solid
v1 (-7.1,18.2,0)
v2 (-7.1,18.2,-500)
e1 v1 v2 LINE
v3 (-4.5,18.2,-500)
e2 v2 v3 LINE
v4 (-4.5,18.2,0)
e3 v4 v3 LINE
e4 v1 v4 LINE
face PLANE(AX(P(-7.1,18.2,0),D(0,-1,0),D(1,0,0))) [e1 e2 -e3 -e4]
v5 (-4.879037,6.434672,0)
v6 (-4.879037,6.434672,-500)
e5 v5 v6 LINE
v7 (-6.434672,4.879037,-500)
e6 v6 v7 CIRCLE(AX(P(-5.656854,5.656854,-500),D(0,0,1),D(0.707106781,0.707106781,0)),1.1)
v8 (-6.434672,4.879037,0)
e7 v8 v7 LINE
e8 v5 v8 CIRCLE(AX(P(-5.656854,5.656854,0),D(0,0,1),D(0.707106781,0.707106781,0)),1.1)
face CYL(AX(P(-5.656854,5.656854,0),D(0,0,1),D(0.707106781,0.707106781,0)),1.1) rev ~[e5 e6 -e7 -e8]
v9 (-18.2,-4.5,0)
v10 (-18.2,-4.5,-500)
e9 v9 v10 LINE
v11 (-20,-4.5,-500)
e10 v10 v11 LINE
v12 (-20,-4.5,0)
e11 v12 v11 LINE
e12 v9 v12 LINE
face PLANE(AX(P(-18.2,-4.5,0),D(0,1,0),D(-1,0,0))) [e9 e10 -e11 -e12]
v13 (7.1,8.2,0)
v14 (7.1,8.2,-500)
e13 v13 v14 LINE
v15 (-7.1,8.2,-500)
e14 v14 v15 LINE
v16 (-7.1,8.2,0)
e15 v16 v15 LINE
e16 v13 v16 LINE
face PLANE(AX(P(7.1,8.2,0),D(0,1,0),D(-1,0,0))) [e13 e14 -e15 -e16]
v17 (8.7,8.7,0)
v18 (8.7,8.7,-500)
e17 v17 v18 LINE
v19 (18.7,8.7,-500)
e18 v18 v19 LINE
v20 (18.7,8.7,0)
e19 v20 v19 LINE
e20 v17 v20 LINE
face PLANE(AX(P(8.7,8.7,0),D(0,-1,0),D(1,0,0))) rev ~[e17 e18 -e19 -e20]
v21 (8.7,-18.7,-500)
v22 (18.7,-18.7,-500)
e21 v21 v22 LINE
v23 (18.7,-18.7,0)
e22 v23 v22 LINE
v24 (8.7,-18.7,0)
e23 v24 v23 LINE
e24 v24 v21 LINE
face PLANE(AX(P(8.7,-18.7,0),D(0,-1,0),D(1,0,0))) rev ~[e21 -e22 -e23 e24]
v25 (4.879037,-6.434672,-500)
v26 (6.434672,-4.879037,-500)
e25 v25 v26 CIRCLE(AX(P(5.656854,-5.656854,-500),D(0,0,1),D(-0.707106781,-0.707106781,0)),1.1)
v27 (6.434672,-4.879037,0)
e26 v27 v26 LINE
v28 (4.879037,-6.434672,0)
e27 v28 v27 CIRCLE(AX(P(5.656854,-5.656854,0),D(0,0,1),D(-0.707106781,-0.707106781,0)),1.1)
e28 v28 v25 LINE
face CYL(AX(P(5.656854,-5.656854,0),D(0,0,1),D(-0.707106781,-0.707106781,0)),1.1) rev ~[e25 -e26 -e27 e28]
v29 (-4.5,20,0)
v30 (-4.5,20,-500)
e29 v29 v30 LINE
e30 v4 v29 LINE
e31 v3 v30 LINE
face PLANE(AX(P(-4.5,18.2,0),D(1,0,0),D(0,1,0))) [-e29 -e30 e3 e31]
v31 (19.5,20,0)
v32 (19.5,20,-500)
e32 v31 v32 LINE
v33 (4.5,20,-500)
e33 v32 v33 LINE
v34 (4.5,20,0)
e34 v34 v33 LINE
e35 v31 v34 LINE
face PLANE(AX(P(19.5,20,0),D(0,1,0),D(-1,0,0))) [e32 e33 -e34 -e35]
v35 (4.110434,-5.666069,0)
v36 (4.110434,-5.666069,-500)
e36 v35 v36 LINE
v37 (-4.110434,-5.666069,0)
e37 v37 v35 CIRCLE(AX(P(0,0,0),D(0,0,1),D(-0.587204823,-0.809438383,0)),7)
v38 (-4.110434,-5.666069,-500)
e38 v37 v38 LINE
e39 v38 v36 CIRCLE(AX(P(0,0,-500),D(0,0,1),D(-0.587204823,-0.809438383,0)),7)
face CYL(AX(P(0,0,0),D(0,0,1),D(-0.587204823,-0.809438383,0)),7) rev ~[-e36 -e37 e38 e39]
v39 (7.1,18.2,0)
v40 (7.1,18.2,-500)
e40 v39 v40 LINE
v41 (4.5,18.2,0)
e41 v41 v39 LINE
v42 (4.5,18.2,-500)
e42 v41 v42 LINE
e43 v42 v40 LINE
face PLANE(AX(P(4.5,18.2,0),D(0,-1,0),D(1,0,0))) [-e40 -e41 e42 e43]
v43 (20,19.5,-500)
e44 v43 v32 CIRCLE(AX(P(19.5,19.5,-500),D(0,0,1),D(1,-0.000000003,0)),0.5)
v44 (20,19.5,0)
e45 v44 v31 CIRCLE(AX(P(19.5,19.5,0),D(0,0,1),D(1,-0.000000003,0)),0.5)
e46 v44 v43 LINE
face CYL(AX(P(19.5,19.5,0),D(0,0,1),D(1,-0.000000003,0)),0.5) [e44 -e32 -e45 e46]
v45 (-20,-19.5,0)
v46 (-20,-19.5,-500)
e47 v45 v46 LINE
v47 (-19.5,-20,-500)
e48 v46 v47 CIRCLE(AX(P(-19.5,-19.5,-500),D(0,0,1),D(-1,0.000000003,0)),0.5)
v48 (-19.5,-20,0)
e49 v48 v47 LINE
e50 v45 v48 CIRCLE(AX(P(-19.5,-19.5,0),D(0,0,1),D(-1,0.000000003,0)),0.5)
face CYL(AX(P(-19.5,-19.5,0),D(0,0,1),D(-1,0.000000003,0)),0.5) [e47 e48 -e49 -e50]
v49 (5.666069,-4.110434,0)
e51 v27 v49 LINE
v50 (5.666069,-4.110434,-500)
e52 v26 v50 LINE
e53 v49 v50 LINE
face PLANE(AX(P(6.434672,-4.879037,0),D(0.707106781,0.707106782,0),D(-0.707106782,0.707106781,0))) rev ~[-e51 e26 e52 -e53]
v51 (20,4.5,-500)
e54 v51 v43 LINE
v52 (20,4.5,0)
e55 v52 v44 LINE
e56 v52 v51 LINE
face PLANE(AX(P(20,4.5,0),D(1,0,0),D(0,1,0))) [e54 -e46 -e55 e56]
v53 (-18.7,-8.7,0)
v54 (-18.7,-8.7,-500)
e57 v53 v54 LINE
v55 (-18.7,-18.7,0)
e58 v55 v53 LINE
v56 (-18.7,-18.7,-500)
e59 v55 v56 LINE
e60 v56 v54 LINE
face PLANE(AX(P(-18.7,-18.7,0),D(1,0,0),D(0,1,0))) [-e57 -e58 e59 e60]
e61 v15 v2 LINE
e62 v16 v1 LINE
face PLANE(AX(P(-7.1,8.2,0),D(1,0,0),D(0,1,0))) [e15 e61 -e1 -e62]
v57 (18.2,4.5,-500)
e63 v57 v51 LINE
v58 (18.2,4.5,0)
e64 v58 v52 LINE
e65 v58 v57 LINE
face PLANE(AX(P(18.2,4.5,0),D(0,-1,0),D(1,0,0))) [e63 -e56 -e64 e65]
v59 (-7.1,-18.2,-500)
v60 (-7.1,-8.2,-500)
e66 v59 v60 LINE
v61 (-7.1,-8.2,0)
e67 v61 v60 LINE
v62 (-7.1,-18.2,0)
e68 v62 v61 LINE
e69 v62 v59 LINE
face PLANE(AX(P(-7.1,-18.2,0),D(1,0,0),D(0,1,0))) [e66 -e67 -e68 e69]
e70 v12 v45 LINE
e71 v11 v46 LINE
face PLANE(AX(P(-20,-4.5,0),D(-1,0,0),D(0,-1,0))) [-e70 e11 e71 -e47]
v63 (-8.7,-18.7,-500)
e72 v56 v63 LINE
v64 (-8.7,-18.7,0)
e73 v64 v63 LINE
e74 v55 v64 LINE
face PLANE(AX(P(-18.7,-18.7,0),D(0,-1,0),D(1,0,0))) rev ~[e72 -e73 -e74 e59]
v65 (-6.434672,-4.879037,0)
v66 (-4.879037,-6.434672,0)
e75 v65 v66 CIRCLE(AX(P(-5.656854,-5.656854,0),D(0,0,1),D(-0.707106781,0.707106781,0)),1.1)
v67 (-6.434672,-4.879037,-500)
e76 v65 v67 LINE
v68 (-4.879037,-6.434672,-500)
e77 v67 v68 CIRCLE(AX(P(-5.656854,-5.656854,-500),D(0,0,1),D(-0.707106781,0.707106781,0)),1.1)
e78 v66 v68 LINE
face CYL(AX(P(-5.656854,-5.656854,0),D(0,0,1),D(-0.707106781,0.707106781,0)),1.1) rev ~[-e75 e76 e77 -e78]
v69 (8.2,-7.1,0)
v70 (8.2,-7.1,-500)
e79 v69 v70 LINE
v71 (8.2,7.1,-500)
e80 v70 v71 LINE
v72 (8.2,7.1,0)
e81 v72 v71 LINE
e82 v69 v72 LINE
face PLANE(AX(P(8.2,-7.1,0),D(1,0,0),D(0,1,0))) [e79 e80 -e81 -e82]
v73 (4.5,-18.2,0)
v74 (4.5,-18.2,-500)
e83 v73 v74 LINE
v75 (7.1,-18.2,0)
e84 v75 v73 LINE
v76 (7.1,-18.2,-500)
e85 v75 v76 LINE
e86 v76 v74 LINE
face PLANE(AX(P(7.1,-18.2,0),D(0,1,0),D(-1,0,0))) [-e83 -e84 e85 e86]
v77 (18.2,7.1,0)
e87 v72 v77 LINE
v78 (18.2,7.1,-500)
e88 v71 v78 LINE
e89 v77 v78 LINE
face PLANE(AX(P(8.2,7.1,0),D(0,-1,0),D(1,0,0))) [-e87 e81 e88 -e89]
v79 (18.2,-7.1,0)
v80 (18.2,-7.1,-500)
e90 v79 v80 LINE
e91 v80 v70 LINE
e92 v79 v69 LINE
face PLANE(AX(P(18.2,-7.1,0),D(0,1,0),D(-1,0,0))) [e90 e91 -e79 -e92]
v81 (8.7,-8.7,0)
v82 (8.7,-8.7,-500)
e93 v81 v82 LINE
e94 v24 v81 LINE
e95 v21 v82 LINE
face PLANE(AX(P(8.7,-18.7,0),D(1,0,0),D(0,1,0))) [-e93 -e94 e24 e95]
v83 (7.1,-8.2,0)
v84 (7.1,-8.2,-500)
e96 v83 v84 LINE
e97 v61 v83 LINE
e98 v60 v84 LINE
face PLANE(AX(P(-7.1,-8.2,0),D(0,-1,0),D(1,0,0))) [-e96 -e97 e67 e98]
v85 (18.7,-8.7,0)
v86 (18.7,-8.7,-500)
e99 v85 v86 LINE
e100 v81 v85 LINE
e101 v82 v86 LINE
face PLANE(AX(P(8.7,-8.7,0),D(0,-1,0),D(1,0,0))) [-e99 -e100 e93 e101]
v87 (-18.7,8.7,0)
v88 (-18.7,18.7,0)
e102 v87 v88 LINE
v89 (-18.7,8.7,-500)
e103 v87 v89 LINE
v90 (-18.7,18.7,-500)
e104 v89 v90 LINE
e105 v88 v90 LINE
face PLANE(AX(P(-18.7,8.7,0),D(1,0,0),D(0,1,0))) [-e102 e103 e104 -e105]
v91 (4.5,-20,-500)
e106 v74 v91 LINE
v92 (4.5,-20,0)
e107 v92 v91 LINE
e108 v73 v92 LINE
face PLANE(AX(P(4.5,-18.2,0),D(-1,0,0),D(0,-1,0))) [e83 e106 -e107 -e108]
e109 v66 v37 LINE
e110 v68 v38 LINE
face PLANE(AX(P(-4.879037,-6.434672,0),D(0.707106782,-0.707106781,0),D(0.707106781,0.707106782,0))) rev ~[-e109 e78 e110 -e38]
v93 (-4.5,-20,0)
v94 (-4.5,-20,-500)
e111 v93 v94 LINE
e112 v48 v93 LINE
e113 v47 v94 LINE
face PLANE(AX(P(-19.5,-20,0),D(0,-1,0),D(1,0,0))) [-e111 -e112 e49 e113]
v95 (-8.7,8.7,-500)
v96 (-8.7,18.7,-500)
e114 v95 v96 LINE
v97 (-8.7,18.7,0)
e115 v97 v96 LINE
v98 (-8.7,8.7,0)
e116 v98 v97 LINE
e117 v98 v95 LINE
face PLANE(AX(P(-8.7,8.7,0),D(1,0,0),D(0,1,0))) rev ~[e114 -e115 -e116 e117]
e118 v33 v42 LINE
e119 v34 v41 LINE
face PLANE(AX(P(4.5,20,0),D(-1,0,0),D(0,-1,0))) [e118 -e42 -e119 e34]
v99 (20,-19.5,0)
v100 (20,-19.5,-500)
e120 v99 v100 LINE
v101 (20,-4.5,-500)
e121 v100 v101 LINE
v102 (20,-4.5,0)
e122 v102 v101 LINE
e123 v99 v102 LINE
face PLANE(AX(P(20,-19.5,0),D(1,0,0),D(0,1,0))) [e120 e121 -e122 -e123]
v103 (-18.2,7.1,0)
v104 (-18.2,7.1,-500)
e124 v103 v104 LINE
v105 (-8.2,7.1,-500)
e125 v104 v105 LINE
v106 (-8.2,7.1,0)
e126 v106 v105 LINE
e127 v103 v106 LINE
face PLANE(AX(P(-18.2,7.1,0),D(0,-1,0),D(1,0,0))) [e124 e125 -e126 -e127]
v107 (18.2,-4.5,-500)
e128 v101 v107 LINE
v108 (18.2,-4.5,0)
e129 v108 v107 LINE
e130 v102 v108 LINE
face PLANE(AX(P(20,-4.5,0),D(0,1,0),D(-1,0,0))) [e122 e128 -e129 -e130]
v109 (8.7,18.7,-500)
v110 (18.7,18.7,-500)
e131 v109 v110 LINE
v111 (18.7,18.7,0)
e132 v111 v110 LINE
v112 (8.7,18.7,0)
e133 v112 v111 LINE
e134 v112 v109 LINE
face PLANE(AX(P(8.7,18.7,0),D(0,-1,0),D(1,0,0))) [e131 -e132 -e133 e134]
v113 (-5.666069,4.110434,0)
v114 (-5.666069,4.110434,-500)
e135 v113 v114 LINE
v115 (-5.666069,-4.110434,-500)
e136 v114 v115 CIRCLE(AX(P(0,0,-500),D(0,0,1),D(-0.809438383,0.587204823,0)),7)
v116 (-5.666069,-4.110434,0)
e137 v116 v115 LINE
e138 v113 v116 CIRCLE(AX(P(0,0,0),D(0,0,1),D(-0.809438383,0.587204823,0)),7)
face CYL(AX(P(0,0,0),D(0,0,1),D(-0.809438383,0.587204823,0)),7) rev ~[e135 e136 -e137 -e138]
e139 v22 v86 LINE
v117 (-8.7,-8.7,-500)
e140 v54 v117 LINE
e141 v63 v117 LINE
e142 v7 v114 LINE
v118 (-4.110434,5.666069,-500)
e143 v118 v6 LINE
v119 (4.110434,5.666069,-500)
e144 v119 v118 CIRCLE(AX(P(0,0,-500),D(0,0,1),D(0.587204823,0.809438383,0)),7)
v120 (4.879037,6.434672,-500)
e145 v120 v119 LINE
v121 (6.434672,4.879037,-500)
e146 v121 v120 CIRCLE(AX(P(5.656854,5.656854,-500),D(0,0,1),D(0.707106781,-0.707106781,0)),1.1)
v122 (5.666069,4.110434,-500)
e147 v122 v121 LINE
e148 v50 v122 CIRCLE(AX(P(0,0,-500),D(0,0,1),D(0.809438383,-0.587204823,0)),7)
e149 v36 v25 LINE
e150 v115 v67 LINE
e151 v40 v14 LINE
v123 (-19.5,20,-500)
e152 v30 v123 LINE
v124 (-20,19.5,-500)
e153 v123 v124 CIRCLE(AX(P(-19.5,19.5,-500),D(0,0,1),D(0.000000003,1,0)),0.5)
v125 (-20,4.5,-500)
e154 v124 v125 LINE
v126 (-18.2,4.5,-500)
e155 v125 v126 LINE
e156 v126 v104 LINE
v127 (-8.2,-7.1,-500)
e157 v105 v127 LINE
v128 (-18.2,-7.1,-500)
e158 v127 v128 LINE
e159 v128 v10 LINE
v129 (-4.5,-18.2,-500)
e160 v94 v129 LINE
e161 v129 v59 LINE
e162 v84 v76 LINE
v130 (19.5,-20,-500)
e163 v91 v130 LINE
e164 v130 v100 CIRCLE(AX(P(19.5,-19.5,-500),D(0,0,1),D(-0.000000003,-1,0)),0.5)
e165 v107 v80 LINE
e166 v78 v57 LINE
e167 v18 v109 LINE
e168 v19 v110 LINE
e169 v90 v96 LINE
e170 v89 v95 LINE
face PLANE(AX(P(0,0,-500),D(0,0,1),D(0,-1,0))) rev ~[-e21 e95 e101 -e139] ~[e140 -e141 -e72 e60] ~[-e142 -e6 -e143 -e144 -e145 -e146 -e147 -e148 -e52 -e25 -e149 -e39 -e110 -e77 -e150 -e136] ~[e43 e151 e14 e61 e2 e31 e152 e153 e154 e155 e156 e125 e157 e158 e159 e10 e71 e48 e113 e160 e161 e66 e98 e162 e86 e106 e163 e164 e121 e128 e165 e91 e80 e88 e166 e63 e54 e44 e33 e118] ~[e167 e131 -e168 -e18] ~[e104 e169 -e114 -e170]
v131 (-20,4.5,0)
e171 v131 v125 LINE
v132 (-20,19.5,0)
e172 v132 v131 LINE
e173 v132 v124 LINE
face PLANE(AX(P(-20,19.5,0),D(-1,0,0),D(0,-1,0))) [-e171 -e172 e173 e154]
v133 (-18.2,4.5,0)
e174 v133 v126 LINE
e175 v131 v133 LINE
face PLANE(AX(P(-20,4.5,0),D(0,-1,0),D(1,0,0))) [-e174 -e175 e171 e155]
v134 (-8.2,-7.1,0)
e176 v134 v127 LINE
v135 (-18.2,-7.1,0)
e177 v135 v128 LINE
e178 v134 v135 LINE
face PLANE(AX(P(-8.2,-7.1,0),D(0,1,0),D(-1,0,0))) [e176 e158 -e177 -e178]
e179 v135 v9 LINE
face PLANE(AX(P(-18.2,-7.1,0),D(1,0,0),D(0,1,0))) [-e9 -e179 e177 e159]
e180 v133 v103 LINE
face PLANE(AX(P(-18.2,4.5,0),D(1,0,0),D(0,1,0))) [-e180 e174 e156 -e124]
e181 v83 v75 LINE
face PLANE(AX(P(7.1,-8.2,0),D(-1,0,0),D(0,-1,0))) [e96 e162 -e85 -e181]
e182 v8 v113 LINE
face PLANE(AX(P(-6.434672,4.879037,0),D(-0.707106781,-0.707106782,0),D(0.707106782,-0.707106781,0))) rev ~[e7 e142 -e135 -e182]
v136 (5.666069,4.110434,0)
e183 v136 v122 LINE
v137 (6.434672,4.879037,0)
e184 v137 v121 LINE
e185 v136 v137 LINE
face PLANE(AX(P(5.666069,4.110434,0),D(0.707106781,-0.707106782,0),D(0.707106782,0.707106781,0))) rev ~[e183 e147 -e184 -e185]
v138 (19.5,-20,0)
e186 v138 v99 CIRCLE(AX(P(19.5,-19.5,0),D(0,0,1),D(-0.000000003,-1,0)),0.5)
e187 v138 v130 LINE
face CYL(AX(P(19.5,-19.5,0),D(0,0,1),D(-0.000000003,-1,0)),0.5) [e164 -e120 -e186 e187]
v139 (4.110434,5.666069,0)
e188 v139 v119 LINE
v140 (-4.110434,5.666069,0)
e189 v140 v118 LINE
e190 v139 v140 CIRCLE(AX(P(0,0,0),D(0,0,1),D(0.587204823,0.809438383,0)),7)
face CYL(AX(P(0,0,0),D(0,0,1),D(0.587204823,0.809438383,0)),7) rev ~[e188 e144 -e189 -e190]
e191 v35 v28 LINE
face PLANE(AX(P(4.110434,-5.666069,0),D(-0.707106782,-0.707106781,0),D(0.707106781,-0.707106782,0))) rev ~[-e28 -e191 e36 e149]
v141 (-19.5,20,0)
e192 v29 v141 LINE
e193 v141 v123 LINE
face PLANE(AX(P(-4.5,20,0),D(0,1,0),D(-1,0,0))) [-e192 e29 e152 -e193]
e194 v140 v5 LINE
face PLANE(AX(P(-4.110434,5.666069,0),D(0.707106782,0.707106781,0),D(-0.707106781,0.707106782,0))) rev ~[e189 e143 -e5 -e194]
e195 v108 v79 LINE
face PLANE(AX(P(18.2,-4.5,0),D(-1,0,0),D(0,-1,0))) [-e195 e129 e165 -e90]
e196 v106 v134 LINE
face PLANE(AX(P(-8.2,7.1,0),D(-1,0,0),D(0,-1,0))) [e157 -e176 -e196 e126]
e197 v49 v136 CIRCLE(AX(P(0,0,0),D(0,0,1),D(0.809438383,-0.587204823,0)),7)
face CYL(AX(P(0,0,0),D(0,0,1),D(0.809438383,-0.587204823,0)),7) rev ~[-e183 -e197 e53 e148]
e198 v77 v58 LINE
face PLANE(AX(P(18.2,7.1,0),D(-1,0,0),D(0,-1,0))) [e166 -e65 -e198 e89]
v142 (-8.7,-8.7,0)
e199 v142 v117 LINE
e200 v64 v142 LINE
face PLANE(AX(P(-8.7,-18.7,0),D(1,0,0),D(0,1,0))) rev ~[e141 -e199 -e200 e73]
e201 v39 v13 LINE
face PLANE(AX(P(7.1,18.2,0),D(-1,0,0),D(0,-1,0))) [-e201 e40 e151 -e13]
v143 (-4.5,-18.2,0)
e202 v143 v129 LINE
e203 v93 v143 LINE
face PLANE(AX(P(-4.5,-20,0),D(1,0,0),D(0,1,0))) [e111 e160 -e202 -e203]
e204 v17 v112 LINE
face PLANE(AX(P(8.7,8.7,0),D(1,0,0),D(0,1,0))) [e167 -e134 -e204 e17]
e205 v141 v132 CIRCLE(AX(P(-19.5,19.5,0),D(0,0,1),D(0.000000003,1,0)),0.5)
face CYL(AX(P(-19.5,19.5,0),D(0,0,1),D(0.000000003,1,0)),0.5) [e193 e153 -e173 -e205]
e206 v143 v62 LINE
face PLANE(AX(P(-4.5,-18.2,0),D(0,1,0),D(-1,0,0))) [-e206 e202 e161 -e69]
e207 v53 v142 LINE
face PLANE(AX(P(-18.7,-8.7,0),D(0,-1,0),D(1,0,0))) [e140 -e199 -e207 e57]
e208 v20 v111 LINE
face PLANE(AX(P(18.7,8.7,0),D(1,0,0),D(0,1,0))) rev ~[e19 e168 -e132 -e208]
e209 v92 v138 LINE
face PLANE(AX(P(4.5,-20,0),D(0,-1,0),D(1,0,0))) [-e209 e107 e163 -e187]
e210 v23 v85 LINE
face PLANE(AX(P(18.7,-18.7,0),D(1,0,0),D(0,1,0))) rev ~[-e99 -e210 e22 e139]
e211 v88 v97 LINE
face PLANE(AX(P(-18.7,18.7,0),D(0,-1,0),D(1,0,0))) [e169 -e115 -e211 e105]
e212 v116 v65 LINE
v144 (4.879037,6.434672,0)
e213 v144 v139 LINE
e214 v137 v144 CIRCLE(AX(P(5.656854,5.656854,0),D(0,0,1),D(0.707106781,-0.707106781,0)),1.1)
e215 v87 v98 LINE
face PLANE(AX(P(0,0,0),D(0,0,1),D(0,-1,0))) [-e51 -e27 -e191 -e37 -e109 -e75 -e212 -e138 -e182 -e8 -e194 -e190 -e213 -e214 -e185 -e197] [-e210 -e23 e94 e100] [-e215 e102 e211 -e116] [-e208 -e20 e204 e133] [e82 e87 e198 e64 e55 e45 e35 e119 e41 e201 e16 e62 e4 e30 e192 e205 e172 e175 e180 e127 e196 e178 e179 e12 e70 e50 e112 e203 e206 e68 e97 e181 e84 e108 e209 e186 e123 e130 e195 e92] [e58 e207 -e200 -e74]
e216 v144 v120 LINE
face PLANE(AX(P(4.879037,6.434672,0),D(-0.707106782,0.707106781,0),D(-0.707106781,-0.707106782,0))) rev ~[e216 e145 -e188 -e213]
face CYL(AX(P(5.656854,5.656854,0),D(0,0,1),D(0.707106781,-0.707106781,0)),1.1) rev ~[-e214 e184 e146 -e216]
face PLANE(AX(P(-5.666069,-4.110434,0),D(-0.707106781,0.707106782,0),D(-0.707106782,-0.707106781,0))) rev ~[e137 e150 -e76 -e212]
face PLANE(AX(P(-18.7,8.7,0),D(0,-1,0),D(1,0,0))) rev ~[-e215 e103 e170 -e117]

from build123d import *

# Parameters (mm, degrees)
SKETCH114_W               = 10
SKETCH114_H               = 10
F_40_X_40A_X_R0_5_1_DEPTH = 500


with BuildPart() as part:
    # Sketch114 → 铝型材 40 X 40A X R0.5(1) (new body)
    with BuildSketch(Plane.YX):
        with BuildLine():
            Line((-19.5, 20), (-4.5, 20))
            Line((-4.5, 20), (-4.5, 18.2))
            Line((-4.5, 18.2), (-7.1, 18.2))
            Line((-7.1, 18.2), (-7.1, 8.2))
            Line((-7.1, 8.2), (7.1, 8.2))
            Line((7.1, 8.2), (7.1, 18.2))
            Line((7.1, 18.2), (4.5, 18.2))
            Line((4.5, 18.2), (4.5, 20))
            Line((4.5, 20), (19.5, 20))
            ThreePointArc((19.5, 20), (19.853553391, 19.853553391), (20, 19.5))
            Line((20, 19.5), (20, 4.5))
            Line((20, 4.5), (18.2, 4.5))
            Line((18.2, 4.5), (18.2, 7.1))
            Line((18.2, 7.1), (8.2, 7.1))
            Line((8.2, 7.1), (8.2, -7.1))
            Line((8.2, -7.1), (18.2, -7.1))
            Line((18.2, -7.1), (18.2, -4.5))
            Line((18.2, -4.5), (20, -4.5))
            Line((20, -4.5), (20, -19.5))
            ThreePointArc((20, -19.5), (19.853553391, -19.853553391), (19.5, -20))
            Line((19.5, -20), (4.5, -20))
            Line((4.5, -20), (4.5, -18.2))
            Line((4.5, -18.2), (7.1, -18.2))
            Line((7.1, -18.2), (7.1, -8.2))
            Line((7.1, -8.2), (-7.1, -8.2))
            Line((-7.1, -8.2), (-7.1, -18.2))
            Line((-7.1, -18.2), (-4.5, -18.2))
            Line((-4.5, -18.2), (-4.5, -20))
            Line((-4.5, -20), (-19.5, -20))
            ThreePointArc((-19.5, -20), (-19.853553391, -19.853553391), (-20, -19.5))
            Line((-20, -19.5), (-20, -4.5))
            Line((-20, -4.5), (-18.2, -4.5))
            Line((-18.2, -4.5), (-18.2, -7.1))
            Line((-18.2, -7.1), (-8.2, -7.1))
            Line((-8.2, -7.1), (-8.2, 7.1))
            Line((-8.2, 7.1), (-18.2, 7.1))
            Line((-18.2, 7.1), (-18.2, 4.5))
            Line((-18.2, 4.5), (-20, 4.5))
            Line((-20, 4.5), (-20, 19.5))
            ThreePointArc((-20, 19.5), (-19.853553391, 19.853553391), (-19.5, 20))
        make_face()
        with BuildLine():
            Line((-4.87903679, 6.434671709), (-4.110433762, 5.66606868))
            ThreePointArc((-4.110433762, 5.66606868), (0, 7), (4.110433762, 5.66606868))
            Line((4.110433762, 5.66606868), (4.87903679, 6.434671709))
            ThreePointArc((4.87903679, 6.434671709), (6.434671709, 6.434671709), (6.434671709, 4.87903679))
            Line((6.434671709, 4.87903679), (5.66606868, 4.110433762))
            ThreePointArc((5.66606868, 4.110433762), (7, 0), (5.66606868, -4.110433762))
            Line((5.66606868, -4.110433762), (6.434671709, -4.87903679))
            ThreePointArc((6.434671709, -4.87903679), (6.434671709, -6.434671709), (4.87903679, -6.434671709))
            Line((4.87903679, -6.434671709), (4.110433762, -5.66606868))
            ThreePointArc((4.110433762, -5.66606868), (0, -7), (-4.110433762, -5.66606868))
            Line((-4.110433762, -5.66606868), (-4.87903679, -6.434671709))
            ThreePointArc((-4.87903679, -6.434671709), (-6.434671709, -6.434671709), (-6.434671709, -4.87903679))
            Line((-6.434671709, -4.87903679), (-5.66606868, -4.110433762))
            ThreePointArc((-5.66606868, -4.110433762), (-7, 0), (-5.66606868, 4.110433762))
            Line((-5.66606868, 4.110433762), (-6.434671709, 4.87903679))
            ThreePointArc((-6.434671709, 4.87903679), (-6.434671709, 6.434671709), (-4.87903679, 6.434671709))
        make_face(mode=Mode.SUBTRACT)
        with Locations((-13.7, 13.7)):
            Rectangle(SKETCH114_W, SKETCH114_H, mode=Mode.SUBTRACT)
        with Locations((13.7, 13.7)):
            Rectangle(SKETCH114_W, SKETCH114_H, mode=Mode.SUBTRACT)
        with Locations((13.7, -13.7)):
            Rectangle(SKETCH114_W, SKETCH114_H, mode=Mode.SUBTRACT)
        with Locations((-13.7, -13.7)):
            Rectangle(SKETCH114_W, SKETCH114_H, mode=Mode.SUBTRACT)
    extrude(amount=F_40_X_40A_X_R0_5_1_DEPTH)


solid = part.part
